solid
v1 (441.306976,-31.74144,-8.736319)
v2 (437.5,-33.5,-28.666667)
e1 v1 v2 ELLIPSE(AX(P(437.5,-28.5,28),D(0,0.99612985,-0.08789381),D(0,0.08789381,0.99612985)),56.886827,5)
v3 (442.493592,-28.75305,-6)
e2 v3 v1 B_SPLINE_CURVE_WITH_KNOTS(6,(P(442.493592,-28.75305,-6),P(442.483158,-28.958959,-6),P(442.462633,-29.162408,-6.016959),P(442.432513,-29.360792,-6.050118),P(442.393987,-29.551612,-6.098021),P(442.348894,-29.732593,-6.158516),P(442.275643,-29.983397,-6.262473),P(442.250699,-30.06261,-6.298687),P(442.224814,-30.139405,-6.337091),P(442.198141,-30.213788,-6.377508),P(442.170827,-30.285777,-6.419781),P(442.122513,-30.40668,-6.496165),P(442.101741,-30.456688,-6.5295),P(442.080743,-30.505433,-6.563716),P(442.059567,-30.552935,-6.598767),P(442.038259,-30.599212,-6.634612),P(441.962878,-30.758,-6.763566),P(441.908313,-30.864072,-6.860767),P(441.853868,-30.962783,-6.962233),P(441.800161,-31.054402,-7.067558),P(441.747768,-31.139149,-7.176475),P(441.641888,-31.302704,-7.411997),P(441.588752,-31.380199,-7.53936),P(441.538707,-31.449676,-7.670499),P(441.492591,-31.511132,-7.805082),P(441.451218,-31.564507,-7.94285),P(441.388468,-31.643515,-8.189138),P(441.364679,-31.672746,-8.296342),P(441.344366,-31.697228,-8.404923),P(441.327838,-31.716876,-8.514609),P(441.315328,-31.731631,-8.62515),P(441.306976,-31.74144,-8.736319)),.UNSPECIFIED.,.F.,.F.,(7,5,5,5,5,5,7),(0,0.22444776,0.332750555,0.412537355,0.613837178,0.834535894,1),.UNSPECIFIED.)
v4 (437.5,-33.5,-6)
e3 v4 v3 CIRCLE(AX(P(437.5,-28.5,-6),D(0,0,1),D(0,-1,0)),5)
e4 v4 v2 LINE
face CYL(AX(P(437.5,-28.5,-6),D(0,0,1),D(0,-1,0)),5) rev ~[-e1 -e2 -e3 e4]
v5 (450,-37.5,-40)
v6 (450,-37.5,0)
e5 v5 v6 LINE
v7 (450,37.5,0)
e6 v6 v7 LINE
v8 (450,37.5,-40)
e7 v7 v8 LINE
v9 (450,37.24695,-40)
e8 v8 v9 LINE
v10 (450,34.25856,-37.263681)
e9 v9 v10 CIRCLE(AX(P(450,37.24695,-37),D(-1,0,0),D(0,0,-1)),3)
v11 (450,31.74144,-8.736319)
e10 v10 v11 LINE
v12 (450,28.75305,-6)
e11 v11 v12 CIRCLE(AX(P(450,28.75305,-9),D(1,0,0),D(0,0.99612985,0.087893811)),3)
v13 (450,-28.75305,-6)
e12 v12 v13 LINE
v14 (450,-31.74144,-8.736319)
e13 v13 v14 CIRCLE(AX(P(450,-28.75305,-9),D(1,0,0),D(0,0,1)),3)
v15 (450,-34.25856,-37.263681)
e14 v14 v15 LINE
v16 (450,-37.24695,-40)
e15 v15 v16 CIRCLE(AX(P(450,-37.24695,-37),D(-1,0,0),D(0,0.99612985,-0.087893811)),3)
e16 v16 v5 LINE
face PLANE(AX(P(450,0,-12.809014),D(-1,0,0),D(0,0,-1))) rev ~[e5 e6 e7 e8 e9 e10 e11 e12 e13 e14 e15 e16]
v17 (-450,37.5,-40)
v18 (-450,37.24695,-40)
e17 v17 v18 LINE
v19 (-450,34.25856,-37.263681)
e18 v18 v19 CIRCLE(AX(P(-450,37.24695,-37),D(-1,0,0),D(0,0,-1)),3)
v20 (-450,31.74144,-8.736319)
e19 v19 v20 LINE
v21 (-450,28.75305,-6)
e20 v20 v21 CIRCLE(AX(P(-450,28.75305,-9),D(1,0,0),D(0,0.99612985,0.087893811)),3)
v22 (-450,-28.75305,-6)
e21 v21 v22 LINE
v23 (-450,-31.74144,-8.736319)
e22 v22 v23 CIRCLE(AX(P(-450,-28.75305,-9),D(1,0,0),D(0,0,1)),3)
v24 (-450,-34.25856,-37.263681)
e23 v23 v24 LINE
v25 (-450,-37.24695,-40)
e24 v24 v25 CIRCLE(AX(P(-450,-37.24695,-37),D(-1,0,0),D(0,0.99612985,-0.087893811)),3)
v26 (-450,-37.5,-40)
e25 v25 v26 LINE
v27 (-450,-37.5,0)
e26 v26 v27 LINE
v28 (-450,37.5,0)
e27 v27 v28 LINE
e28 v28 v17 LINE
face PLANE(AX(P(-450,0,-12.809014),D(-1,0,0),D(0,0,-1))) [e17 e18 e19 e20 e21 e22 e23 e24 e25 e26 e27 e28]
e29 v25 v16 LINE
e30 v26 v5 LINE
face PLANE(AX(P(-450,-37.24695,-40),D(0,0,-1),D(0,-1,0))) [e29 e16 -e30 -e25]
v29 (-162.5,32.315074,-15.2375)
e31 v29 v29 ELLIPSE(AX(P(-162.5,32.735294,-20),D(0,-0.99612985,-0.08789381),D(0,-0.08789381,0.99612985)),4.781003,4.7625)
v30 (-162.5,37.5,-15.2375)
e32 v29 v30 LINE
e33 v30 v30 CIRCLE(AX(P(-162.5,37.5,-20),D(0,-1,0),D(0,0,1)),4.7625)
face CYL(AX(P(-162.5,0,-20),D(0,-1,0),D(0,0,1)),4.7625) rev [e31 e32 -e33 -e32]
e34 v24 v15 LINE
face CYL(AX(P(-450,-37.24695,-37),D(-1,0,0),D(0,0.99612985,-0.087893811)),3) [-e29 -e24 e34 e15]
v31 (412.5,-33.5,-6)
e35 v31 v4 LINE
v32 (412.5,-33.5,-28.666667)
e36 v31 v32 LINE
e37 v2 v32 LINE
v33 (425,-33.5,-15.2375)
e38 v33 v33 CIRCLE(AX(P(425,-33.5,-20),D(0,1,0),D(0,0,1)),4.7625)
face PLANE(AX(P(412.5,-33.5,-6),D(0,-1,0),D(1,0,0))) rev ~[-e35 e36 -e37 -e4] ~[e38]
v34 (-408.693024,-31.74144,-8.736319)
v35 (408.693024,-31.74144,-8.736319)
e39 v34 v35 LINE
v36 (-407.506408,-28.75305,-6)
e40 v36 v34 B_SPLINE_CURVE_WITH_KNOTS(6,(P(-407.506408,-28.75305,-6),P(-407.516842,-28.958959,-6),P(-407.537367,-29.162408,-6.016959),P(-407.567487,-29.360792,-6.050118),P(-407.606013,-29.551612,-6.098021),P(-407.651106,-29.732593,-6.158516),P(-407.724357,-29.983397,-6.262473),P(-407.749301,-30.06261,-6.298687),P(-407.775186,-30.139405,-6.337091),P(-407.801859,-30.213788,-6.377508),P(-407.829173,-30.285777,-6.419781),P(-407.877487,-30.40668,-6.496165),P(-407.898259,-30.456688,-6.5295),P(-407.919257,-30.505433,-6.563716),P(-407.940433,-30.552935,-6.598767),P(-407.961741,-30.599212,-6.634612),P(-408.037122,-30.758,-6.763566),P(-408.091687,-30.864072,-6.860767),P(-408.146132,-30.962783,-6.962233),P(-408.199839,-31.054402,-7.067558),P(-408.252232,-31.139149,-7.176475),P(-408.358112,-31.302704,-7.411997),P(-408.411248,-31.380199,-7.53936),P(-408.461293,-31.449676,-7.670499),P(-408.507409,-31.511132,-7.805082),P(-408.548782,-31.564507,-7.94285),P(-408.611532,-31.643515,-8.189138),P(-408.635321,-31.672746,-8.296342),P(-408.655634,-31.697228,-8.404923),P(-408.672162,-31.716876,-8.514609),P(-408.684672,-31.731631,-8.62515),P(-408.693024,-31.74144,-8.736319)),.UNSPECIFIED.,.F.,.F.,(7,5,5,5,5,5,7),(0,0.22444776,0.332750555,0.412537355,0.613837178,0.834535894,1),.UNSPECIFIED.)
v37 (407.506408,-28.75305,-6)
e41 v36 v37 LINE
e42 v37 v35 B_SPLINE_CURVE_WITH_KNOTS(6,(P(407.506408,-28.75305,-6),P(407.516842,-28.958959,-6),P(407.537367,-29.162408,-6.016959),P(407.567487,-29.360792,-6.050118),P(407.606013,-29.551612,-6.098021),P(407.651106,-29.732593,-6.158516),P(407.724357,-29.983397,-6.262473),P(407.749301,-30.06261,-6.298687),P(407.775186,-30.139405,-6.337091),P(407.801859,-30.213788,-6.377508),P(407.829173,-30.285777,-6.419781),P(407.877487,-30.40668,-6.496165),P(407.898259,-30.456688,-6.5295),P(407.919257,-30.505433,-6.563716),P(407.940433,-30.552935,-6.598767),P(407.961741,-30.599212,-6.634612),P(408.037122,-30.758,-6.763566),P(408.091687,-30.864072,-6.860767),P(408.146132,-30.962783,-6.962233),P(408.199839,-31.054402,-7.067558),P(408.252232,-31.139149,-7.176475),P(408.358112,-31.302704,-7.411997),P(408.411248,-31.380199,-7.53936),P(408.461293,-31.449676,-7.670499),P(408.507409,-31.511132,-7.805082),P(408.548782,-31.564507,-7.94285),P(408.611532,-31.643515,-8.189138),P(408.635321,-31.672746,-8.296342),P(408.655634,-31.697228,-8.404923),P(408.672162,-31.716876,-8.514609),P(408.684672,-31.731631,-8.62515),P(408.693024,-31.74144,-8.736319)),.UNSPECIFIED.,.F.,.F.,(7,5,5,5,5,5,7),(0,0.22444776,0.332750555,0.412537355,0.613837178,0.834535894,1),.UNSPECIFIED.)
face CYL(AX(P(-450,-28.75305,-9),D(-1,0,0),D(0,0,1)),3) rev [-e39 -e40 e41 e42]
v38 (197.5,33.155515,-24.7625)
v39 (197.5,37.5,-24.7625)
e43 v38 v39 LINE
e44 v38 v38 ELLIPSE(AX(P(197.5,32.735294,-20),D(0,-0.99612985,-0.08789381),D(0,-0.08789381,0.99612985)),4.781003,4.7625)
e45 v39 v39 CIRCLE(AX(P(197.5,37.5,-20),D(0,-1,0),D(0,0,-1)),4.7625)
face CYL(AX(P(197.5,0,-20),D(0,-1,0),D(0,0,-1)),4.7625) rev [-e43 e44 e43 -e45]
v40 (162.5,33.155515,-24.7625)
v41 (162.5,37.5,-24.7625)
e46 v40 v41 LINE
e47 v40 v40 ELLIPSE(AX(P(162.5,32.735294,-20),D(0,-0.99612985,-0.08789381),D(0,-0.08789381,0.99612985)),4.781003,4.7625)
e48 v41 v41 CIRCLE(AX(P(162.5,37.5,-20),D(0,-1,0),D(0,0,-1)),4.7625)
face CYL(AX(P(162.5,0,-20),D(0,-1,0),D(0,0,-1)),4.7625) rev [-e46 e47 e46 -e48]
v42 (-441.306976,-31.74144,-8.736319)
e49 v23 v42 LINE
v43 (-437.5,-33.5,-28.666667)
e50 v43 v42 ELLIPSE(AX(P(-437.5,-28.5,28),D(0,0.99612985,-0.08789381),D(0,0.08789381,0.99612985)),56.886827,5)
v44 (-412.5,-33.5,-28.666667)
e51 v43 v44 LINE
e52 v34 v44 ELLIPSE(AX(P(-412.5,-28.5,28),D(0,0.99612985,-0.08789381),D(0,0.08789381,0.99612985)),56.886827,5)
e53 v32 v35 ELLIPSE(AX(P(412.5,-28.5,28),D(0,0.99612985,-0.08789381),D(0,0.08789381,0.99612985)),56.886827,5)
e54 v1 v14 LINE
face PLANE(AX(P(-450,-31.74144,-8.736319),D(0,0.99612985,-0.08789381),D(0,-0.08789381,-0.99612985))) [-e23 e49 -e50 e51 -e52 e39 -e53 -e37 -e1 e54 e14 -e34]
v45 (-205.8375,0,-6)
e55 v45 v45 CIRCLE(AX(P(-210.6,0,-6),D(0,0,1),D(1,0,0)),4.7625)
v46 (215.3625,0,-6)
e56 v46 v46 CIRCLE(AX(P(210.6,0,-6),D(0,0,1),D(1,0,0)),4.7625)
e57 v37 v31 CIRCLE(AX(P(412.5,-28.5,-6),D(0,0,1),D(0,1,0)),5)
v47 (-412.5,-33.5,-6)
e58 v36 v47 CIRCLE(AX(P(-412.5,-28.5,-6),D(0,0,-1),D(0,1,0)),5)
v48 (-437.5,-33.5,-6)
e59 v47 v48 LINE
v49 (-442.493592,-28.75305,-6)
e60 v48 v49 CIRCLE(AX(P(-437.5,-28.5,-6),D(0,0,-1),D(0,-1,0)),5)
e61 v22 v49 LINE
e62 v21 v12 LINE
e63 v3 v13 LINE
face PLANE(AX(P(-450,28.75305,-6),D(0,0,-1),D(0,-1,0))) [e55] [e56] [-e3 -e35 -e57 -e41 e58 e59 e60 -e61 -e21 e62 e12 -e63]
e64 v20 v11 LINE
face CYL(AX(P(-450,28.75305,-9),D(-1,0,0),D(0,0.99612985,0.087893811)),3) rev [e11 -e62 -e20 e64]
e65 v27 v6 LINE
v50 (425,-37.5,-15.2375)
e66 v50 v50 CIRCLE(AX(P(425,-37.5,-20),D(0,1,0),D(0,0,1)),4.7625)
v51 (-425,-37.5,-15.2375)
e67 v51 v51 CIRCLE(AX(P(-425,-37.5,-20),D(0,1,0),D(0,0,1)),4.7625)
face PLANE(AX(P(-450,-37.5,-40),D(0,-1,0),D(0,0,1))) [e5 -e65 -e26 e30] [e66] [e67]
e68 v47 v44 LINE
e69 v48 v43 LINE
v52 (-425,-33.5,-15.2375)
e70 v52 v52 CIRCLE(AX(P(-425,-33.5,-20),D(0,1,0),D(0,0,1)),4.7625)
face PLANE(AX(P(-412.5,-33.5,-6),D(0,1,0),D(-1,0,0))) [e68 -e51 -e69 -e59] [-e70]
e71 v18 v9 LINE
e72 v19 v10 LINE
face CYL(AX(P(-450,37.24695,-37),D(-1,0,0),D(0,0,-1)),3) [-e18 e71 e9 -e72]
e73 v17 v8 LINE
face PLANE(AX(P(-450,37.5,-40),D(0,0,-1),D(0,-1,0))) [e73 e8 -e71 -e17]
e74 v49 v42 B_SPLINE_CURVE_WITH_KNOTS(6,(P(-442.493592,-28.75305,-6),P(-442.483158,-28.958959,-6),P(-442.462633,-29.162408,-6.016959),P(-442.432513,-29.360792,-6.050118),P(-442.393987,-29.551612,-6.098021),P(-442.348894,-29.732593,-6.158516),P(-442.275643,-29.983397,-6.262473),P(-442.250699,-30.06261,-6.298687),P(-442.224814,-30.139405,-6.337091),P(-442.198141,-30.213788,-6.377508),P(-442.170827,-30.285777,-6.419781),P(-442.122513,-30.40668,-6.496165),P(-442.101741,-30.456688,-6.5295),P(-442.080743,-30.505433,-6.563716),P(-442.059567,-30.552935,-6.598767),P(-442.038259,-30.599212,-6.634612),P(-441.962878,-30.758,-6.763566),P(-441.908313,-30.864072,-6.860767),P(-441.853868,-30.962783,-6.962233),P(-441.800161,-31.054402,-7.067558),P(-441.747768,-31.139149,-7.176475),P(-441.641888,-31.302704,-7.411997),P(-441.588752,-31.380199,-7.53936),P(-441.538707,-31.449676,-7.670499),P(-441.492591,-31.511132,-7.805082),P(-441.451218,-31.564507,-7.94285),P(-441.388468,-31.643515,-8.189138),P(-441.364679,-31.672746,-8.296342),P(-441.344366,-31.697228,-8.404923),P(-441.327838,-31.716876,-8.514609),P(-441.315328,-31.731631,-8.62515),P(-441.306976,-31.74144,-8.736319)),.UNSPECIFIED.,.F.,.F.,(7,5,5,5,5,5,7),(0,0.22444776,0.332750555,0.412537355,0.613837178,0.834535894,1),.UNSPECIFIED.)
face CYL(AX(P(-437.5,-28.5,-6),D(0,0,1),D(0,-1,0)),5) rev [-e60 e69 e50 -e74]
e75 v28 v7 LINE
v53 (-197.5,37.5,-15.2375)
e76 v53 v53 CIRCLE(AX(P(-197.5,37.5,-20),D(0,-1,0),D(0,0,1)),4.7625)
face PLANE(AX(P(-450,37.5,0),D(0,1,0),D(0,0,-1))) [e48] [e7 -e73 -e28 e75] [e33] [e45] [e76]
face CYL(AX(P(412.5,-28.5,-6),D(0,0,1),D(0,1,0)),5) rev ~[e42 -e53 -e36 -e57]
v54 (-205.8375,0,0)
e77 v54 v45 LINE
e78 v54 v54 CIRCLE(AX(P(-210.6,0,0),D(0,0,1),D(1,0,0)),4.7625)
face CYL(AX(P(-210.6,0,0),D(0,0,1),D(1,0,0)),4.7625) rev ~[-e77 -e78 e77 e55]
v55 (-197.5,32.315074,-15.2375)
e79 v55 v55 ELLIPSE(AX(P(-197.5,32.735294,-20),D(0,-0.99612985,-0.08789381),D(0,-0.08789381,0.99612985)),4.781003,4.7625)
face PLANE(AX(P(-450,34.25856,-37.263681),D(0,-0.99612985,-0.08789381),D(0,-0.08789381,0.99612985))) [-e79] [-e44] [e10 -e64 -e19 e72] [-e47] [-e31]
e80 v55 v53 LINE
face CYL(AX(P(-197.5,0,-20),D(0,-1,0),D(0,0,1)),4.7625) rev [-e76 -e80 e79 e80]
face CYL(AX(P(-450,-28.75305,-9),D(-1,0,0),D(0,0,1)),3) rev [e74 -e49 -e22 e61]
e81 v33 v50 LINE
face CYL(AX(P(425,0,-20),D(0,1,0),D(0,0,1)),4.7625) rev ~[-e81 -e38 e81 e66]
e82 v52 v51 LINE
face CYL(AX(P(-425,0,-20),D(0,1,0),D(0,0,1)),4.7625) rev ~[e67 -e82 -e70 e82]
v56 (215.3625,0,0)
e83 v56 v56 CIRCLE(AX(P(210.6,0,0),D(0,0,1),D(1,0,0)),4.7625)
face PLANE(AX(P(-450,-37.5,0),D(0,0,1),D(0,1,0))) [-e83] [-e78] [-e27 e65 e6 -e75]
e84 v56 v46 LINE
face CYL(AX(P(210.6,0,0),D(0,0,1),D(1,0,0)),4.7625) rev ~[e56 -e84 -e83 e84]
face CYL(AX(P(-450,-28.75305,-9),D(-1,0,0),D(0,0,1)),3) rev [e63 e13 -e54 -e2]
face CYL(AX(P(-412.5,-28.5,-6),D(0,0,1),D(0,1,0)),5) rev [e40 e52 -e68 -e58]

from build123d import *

# Parameters (mm, degrees)
STRUCTURAL_MEMBER1_DEPTH = 900
SKETCH12_R               = 4.7625
CUT_EXTRUDE1_DEPTH       = 454.327971782
CUT_EXTRUDE2_DEPTH       = 40
SKETCH16_R               = 4.7625
CUT_EXTRUDE3_DEPTH       = 454.327971881
SKETCH17_R               = 4.7625
CUT_EXTRUDE4_DEPTH       = 454.327971881


with BuildPart() as part:
    # Sketch112 → Structural Member1 (new body)
    with BuildSketch(Plane(origin=(-450, 0, 0), x_dir=(0, 0, 1), z_dir=(1, 0, 0))):
        with BuildLine():
            Line((0, 37.5), (0, -37.5))
            Line((0, -37.5), (-40, -37.5))
            Line((-40, -37.5), (-40, -37.246949676))
            ThreePointArc((-40, -37.246949676), (-39.212582687, -35.220998578), (-37.263681431, -34.258560126))
            Line((-37.263681431, -34.258560126), (-8.736318569, -31.741439874))
            ThreePointArc((-8.736318569, -31.741439874), (-6.787417313, -30.779001422), (-6, -28.753050324))
            Line((-6, -28.753050324), (-6, 28.753050324))
            ThreePointArc((-6, 28.753050324), (-6.787417313, 30.779001422), (-8.736318569, 31.741439874))
            Line((-8.736318569, 31.741439874), (-37.263681431, 34.258560126))
            ThreePointArc((-37.263681431, 34.258560126), (-39.212582687, 35.220998578), (-40, 37.246949676))
            Line((-40, 37.246949676), (-40, 37.5))
            Line((-40, 37.5), (0, 37.5))
        make_face()
    extrude(amount=STRUCTURAL_MEMBER1_DEPTH)

    # Sketch12 → Cut-Extrude1 (cut, through all)
    with BuildSketch(Plane(origin=(0, 0, 0), x_dir=(1, 0, 0), z_dir=(0, 1, 0))):
        with Locations(Location((-425, 20, 0), (0, 0, 270))):
            Circle(SKETCH12_R)
        with Locations(Location((425, 20, 0), (0, 0, 270))):
            Circle(SKETCH12_R)
    extrude(amount=-CUT_EXTRUDE1_DEPTH, mode=Mode.SUBTRACT)

    # Sketch15 → Cut-Extrude2 (cut)
    with BuildSketch(Plane(origin=(0, 0, -6), x_dir=(-1, 0, 0), z_dir=(0, 0, -1))):
        with BuildLine():
            Line((-412.5, -33.5), (-437.5, -33.5))
            ThreePointArc((-437.5, -33.5), (-442.5, -28.5), (-437.5, -23.5))
            Line((-437.5, -23.5), (-412.5, -23.5))
            ThreePointArc((-412.5, -23.5), (-407.5, -28.5), (-412.5, -33.5))
        make_face()
        with BuildLine():
            Line((412.5, -33.5), (437.5, -33.5))
            ThreePointArc((437.5, -33.5), (442.5, -28.5), (437.5, -23.5))
            Line((437.5, -23.5), (412.5, -23.5))
            ThreePointArc((412.5, -23.5), (407.5, -28.5), (412.5, -33.5))
        make_face()
    extrude(amount=CUT_EXTRUDE2_DEPTH, mode=Mode.SUBTRACT)

    # Sketch16 → Cut-Extrude3 (cut, through all)
    with BuildSketch(Plane(origin=(0, 0, 0), x_dir=(1, 0, 0), z_dir=(0, 1, 0))):
        with Locations(Location((-197.5, 20, 0), (0, 0, 270))):
            Circle(SKETCH16_R)
        with Locations(Location((-162.5, 20, 0), (0, 0, 270))):
            Circle(SKETCH16_R)
        with Locations(Location((162.5, 20, 0), (0, 0, 90))):
            Circle(SKETCH16_R)
        with Locations(Location((197.5, 20, 0), (0, 0, 90))):
            Circle(SKETCH16_R)
    extrude(amount=CUT_EXTRUDE3_DEPTH, mode=Mode.SUBTRACT)

    # Sketch17 → Cut-Extrude4 (cut, through all)
    with BuildSketch(Plane.XY):
        with Locations((-210.6, 0)):
            Circle(SKETCH17_R)
        with Locations((210.6, 0)):
            Circle(SKETCH17_R)
    extrude(amount=-CUT_EXTRUDE4_DEPTH, mode=Mode.SUBTRACT)


solid = part.part
